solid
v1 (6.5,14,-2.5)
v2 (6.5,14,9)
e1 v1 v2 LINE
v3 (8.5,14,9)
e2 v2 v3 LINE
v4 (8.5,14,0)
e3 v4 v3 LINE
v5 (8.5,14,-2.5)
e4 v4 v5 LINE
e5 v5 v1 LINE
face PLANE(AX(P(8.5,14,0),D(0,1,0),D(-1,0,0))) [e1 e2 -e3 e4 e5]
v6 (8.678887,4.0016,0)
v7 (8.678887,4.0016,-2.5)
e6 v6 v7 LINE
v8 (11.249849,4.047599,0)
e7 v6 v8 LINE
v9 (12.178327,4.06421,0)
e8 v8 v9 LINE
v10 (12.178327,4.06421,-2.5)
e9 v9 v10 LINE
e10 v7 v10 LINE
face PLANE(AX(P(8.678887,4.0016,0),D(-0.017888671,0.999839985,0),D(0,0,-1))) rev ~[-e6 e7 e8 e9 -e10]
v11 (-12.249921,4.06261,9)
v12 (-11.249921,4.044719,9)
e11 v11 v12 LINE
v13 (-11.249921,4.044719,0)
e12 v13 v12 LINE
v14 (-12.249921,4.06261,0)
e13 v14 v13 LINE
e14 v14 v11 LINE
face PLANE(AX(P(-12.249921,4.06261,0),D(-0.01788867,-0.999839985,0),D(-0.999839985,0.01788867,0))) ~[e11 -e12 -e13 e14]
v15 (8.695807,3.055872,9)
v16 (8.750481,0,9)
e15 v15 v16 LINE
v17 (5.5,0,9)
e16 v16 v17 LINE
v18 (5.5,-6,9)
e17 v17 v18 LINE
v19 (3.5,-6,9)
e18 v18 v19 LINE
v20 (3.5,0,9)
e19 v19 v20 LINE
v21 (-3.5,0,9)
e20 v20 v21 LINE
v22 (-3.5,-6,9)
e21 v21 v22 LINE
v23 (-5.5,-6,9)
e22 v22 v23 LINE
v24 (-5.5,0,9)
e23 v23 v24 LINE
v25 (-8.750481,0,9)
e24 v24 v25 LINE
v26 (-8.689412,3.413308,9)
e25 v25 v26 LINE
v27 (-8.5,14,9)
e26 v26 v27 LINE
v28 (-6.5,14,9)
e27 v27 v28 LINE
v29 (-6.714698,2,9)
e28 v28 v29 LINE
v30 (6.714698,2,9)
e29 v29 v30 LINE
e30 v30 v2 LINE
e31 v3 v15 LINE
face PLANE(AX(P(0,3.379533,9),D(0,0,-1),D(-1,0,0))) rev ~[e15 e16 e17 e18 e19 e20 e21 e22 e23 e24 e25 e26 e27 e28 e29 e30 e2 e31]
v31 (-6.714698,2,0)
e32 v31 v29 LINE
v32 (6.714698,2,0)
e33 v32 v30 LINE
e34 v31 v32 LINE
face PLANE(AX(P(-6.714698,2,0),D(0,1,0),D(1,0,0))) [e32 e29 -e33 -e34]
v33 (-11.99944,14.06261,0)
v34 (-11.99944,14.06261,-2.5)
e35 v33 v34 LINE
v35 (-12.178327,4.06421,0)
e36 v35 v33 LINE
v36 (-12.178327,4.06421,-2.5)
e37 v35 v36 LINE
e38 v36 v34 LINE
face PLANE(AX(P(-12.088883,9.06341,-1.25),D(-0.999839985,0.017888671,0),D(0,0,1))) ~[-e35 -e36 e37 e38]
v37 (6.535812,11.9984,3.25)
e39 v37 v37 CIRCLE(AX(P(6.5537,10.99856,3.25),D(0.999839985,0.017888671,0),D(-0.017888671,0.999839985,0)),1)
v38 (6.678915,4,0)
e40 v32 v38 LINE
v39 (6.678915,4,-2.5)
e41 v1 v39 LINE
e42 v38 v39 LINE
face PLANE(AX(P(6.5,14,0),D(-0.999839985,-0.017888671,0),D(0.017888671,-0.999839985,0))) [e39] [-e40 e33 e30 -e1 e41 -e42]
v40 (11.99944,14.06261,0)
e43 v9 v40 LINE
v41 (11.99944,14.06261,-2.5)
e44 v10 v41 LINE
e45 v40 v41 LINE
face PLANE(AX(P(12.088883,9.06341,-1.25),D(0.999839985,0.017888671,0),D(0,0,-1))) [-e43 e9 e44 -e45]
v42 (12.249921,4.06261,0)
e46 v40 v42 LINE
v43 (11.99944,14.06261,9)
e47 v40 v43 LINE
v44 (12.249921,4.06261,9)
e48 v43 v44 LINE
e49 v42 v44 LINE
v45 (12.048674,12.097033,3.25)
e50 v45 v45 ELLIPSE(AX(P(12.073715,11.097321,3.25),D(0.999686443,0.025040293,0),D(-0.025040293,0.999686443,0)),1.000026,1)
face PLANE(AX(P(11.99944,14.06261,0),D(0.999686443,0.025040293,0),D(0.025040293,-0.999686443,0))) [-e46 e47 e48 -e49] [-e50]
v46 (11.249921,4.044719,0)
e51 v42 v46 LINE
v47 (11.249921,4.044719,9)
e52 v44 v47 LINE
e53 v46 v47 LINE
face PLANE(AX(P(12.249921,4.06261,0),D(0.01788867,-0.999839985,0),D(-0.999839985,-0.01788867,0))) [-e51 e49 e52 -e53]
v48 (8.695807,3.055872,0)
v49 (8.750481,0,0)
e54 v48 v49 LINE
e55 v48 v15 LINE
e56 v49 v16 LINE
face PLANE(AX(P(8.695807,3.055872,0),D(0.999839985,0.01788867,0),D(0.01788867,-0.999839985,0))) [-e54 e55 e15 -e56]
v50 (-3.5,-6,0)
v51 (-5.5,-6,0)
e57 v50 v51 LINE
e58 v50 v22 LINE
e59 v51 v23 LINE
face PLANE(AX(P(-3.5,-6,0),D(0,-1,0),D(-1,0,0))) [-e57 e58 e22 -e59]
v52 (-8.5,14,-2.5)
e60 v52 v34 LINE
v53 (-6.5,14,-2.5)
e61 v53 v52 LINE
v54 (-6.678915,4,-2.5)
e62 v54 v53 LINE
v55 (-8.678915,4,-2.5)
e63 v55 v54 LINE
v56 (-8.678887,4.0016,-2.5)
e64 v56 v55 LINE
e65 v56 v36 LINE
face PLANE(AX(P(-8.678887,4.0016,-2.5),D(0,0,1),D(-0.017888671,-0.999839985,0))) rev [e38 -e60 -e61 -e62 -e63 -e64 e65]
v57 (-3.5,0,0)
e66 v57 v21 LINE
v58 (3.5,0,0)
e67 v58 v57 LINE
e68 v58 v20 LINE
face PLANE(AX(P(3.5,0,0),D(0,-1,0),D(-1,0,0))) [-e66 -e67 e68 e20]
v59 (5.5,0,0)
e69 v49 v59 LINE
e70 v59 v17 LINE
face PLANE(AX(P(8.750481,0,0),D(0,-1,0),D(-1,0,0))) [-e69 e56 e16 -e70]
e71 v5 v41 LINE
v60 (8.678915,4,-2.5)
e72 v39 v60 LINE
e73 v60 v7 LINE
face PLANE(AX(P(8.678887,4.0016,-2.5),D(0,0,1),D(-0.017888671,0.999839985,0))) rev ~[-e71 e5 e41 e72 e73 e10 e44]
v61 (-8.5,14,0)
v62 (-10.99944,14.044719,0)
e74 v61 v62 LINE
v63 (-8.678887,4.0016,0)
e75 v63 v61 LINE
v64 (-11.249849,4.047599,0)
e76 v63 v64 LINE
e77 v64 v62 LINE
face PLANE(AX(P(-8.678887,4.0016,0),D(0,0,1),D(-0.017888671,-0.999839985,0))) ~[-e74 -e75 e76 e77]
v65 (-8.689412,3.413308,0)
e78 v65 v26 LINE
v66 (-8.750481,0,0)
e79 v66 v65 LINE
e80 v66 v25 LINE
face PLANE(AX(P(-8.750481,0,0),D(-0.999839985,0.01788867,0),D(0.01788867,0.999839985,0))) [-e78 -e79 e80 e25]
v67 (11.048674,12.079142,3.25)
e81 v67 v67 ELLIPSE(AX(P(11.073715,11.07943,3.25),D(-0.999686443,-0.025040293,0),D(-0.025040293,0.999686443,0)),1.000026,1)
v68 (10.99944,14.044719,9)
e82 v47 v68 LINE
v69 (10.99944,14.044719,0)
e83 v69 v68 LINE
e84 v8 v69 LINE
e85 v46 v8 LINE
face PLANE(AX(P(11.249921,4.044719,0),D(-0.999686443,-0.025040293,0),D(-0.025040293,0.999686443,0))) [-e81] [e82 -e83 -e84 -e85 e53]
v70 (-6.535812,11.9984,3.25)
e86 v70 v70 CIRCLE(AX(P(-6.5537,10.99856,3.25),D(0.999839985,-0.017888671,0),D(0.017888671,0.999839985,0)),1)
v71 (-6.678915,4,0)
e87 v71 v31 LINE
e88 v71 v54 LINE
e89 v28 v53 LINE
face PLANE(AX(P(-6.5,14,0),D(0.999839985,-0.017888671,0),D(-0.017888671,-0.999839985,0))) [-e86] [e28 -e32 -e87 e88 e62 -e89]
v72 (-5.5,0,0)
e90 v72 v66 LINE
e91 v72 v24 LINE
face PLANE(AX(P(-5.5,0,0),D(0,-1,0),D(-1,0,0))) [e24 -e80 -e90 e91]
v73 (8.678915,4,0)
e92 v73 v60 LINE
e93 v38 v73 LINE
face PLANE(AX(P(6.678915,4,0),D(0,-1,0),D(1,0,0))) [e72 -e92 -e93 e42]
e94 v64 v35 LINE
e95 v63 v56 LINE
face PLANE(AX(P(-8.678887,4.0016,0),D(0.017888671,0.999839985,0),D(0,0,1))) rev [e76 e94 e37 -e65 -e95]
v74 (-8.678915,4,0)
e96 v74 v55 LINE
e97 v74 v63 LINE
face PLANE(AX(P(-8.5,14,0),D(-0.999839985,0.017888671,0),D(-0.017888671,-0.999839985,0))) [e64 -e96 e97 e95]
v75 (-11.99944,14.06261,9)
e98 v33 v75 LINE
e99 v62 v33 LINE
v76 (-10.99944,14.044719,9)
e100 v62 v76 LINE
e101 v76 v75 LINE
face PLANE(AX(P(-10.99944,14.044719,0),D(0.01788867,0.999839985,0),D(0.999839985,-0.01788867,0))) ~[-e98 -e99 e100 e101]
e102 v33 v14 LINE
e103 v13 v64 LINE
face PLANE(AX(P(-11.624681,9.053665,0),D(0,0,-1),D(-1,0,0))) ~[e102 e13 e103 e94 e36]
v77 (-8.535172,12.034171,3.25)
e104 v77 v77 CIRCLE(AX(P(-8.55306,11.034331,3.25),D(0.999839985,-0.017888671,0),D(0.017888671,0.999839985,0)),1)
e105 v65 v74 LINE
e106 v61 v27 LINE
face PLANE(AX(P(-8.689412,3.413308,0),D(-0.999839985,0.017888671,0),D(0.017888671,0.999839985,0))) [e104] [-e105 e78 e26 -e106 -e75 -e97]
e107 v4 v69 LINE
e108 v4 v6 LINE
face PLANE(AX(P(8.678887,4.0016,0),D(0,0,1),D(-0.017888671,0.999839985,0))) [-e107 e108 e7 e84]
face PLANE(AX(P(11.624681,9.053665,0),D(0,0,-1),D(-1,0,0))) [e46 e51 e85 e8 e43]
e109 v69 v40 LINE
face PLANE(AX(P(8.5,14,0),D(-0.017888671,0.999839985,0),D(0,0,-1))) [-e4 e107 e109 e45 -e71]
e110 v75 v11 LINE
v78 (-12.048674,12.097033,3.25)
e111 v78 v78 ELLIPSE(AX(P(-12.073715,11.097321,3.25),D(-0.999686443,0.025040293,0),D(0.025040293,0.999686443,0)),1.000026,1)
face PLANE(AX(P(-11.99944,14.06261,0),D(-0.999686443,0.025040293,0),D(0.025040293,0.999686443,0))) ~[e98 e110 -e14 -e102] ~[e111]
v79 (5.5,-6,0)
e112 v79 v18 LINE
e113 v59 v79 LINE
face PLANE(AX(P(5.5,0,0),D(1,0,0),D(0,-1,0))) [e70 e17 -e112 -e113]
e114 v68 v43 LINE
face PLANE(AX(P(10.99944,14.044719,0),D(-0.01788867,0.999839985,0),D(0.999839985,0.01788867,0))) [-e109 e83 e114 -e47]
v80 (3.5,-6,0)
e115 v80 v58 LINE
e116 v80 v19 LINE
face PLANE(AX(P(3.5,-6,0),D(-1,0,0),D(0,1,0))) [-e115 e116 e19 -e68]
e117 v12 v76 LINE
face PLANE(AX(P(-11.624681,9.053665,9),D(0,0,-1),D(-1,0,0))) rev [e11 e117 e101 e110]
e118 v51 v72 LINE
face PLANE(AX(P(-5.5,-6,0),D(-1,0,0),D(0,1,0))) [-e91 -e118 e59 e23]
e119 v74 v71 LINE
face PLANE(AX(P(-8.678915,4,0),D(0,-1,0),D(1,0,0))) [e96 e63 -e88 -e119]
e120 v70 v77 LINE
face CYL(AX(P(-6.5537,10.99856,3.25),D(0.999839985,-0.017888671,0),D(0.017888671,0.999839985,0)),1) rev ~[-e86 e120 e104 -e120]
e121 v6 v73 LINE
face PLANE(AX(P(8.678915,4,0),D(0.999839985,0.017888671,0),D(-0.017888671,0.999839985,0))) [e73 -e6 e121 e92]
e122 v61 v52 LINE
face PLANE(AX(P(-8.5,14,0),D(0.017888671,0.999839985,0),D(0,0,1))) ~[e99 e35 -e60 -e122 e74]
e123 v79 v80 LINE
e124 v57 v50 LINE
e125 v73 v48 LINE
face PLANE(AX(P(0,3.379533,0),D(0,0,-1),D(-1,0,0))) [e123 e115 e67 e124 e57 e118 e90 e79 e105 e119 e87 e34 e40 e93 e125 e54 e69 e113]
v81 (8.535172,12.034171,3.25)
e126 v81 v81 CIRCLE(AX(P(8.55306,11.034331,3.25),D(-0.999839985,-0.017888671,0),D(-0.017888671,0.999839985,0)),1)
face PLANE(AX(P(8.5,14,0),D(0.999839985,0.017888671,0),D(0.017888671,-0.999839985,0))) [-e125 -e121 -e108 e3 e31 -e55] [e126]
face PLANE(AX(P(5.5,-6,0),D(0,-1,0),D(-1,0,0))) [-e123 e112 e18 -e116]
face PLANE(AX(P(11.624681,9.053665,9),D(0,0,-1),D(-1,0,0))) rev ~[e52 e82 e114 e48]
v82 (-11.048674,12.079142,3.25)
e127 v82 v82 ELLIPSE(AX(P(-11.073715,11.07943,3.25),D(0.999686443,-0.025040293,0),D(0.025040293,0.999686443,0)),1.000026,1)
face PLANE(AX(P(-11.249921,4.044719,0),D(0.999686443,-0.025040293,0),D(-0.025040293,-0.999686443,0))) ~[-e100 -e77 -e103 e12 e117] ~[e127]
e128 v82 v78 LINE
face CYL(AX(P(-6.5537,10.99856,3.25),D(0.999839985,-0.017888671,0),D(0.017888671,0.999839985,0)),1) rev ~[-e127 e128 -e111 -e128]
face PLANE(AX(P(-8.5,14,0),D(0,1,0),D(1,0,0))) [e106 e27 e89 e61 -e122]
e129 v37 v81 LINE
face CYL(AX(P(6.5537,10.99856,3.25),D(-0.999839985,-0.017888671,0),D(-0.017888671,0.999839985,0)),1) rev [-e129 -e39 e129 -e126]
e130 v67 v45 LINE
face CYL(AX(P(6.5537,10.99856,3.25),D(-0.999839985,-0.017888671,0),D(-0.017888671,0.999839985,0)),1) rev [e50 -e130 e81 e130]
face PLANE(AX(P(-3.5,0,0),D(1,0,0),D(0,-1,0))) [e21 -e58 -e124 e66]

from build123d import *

# Parameters (mm, degrees)
BOSS_EXTRUDE1_DEPTH = 9
BOSS_EXTRUDE2_DEPTH = 2.5
SKETCH5_W           = 2.5
SKETCH5_H           = 10
BOSS_EXTRUDE3_DEPTH = 3.5
BOSS_EXTRUDE4_DEPTH = 9
SKETCH7_R           = 1
CUT_EXTRUDE2_DEPTH  = 9


with BuildPart() as part:
    # Sketch1 → Boss-Extrude1 (new body)
    with BuildSketch(Plane.XY):
        Polygon((-8.689412161, 3.413307669), (-8.5, 14), (-6.5, 14), (-6.714698402, 2), (6.714698402, 2), (6.5, 14), (8.5, 14), (8.695807241, 3.055871556), (8.750481469, 0), (5.5, 0), (5.5, -6), (3.5, -6), (3.5, 0), (-3.5, 0), (-3.5, -6), (-5.5, -6), (-5.5, 0), (-8.750481469, 0), align=None)
    extrude(amount=BOSS_EXTRUDE1_DEPTH)

    # Sketch3 → Boss-Extrude2 (add)
    with BuildSketch(Plane(origin=(0, 0, 0), x_dir=(-1, 0, 0), z_dir=(0, 0, -1))):
        Polygon((-8.5, 14), (-6.5, 14), (-6.678915335, 4), (-8.678915335, 4), align=None)
        Polygon((6.5, 14), (8.5, 14), (8.678915335, 4), (6.678915335, 4), align=None)
    extrude(amount=BOSS_EXTRUDE2_DEPTH)

    # Sketch5 → Boss-Extrude3 (add)
    with BuildSketch(Plane(origin=(8.747681276, 0.156509433, 0), x_dir=(0, 0, -1), z_dir=(0.9998399849293209, 0.01788867061956491, 0))):
        with Locations((1.25, 8.845706089)):
            Rectangle(SKETCH5_W, SKETCH5_H)
    boss_extrude3 = extrude(amount=BOSS_EXTRUDE3_DEPTH)

    # Sketch6 → Boss-Extrude4 (add)
    with BuildSketch(Plane.XY):
        Polygon((10.999439947, 14.044718814), (11.999439947, 14.062610347), (12.249921417, 4.062610347), (11.249921417, 4.044718814), align=None)
    boss_extrude4 = extrude(amount=BOSS_EXTRUDE4_DEPTH)

    # Mirror2: Boss-Extrude3, Boss-Extrude4 across plane
    add(boss_extrude3.mirror(Plane(origin=(0, 0, 0), x_dir=(0, 0, 1), z_dir=(1, 0, 0))))
    add(boss_extrude4.mirror(Plane(origin=(0, 0, 0), x_dir=(0, 0, 1), z_dir=(1, 0, 0))))

    # Sketch7 → Cut-Extrude2 (cut)
    with BuildSketch(Plane(origin=(-6.748321285, 0.120737817, 0), x_dir=(0, 0, -1), z_dir=(0.9998399849293208, -0.017888670619572784, 0))):
        with Locations(Location((-3.25, 10.879562942, 0), (0, 0, 90))):
            Circle(SKETCH7_R)
    cut_extrude2 = extrude(amount=-CUT_EXTRUDE2_DEPTH, mode=Mode.SUBTRACT)

    # Mirror3: Cut-Extrude2 across plane
    add(cut_extrude2.mirror(Plane(origin=(0, 0, 0), x_dir=(0, 0, 1), z_dir=(1, 0, 0))), mode=Mode.SUBTRACT)


solid = part.part
